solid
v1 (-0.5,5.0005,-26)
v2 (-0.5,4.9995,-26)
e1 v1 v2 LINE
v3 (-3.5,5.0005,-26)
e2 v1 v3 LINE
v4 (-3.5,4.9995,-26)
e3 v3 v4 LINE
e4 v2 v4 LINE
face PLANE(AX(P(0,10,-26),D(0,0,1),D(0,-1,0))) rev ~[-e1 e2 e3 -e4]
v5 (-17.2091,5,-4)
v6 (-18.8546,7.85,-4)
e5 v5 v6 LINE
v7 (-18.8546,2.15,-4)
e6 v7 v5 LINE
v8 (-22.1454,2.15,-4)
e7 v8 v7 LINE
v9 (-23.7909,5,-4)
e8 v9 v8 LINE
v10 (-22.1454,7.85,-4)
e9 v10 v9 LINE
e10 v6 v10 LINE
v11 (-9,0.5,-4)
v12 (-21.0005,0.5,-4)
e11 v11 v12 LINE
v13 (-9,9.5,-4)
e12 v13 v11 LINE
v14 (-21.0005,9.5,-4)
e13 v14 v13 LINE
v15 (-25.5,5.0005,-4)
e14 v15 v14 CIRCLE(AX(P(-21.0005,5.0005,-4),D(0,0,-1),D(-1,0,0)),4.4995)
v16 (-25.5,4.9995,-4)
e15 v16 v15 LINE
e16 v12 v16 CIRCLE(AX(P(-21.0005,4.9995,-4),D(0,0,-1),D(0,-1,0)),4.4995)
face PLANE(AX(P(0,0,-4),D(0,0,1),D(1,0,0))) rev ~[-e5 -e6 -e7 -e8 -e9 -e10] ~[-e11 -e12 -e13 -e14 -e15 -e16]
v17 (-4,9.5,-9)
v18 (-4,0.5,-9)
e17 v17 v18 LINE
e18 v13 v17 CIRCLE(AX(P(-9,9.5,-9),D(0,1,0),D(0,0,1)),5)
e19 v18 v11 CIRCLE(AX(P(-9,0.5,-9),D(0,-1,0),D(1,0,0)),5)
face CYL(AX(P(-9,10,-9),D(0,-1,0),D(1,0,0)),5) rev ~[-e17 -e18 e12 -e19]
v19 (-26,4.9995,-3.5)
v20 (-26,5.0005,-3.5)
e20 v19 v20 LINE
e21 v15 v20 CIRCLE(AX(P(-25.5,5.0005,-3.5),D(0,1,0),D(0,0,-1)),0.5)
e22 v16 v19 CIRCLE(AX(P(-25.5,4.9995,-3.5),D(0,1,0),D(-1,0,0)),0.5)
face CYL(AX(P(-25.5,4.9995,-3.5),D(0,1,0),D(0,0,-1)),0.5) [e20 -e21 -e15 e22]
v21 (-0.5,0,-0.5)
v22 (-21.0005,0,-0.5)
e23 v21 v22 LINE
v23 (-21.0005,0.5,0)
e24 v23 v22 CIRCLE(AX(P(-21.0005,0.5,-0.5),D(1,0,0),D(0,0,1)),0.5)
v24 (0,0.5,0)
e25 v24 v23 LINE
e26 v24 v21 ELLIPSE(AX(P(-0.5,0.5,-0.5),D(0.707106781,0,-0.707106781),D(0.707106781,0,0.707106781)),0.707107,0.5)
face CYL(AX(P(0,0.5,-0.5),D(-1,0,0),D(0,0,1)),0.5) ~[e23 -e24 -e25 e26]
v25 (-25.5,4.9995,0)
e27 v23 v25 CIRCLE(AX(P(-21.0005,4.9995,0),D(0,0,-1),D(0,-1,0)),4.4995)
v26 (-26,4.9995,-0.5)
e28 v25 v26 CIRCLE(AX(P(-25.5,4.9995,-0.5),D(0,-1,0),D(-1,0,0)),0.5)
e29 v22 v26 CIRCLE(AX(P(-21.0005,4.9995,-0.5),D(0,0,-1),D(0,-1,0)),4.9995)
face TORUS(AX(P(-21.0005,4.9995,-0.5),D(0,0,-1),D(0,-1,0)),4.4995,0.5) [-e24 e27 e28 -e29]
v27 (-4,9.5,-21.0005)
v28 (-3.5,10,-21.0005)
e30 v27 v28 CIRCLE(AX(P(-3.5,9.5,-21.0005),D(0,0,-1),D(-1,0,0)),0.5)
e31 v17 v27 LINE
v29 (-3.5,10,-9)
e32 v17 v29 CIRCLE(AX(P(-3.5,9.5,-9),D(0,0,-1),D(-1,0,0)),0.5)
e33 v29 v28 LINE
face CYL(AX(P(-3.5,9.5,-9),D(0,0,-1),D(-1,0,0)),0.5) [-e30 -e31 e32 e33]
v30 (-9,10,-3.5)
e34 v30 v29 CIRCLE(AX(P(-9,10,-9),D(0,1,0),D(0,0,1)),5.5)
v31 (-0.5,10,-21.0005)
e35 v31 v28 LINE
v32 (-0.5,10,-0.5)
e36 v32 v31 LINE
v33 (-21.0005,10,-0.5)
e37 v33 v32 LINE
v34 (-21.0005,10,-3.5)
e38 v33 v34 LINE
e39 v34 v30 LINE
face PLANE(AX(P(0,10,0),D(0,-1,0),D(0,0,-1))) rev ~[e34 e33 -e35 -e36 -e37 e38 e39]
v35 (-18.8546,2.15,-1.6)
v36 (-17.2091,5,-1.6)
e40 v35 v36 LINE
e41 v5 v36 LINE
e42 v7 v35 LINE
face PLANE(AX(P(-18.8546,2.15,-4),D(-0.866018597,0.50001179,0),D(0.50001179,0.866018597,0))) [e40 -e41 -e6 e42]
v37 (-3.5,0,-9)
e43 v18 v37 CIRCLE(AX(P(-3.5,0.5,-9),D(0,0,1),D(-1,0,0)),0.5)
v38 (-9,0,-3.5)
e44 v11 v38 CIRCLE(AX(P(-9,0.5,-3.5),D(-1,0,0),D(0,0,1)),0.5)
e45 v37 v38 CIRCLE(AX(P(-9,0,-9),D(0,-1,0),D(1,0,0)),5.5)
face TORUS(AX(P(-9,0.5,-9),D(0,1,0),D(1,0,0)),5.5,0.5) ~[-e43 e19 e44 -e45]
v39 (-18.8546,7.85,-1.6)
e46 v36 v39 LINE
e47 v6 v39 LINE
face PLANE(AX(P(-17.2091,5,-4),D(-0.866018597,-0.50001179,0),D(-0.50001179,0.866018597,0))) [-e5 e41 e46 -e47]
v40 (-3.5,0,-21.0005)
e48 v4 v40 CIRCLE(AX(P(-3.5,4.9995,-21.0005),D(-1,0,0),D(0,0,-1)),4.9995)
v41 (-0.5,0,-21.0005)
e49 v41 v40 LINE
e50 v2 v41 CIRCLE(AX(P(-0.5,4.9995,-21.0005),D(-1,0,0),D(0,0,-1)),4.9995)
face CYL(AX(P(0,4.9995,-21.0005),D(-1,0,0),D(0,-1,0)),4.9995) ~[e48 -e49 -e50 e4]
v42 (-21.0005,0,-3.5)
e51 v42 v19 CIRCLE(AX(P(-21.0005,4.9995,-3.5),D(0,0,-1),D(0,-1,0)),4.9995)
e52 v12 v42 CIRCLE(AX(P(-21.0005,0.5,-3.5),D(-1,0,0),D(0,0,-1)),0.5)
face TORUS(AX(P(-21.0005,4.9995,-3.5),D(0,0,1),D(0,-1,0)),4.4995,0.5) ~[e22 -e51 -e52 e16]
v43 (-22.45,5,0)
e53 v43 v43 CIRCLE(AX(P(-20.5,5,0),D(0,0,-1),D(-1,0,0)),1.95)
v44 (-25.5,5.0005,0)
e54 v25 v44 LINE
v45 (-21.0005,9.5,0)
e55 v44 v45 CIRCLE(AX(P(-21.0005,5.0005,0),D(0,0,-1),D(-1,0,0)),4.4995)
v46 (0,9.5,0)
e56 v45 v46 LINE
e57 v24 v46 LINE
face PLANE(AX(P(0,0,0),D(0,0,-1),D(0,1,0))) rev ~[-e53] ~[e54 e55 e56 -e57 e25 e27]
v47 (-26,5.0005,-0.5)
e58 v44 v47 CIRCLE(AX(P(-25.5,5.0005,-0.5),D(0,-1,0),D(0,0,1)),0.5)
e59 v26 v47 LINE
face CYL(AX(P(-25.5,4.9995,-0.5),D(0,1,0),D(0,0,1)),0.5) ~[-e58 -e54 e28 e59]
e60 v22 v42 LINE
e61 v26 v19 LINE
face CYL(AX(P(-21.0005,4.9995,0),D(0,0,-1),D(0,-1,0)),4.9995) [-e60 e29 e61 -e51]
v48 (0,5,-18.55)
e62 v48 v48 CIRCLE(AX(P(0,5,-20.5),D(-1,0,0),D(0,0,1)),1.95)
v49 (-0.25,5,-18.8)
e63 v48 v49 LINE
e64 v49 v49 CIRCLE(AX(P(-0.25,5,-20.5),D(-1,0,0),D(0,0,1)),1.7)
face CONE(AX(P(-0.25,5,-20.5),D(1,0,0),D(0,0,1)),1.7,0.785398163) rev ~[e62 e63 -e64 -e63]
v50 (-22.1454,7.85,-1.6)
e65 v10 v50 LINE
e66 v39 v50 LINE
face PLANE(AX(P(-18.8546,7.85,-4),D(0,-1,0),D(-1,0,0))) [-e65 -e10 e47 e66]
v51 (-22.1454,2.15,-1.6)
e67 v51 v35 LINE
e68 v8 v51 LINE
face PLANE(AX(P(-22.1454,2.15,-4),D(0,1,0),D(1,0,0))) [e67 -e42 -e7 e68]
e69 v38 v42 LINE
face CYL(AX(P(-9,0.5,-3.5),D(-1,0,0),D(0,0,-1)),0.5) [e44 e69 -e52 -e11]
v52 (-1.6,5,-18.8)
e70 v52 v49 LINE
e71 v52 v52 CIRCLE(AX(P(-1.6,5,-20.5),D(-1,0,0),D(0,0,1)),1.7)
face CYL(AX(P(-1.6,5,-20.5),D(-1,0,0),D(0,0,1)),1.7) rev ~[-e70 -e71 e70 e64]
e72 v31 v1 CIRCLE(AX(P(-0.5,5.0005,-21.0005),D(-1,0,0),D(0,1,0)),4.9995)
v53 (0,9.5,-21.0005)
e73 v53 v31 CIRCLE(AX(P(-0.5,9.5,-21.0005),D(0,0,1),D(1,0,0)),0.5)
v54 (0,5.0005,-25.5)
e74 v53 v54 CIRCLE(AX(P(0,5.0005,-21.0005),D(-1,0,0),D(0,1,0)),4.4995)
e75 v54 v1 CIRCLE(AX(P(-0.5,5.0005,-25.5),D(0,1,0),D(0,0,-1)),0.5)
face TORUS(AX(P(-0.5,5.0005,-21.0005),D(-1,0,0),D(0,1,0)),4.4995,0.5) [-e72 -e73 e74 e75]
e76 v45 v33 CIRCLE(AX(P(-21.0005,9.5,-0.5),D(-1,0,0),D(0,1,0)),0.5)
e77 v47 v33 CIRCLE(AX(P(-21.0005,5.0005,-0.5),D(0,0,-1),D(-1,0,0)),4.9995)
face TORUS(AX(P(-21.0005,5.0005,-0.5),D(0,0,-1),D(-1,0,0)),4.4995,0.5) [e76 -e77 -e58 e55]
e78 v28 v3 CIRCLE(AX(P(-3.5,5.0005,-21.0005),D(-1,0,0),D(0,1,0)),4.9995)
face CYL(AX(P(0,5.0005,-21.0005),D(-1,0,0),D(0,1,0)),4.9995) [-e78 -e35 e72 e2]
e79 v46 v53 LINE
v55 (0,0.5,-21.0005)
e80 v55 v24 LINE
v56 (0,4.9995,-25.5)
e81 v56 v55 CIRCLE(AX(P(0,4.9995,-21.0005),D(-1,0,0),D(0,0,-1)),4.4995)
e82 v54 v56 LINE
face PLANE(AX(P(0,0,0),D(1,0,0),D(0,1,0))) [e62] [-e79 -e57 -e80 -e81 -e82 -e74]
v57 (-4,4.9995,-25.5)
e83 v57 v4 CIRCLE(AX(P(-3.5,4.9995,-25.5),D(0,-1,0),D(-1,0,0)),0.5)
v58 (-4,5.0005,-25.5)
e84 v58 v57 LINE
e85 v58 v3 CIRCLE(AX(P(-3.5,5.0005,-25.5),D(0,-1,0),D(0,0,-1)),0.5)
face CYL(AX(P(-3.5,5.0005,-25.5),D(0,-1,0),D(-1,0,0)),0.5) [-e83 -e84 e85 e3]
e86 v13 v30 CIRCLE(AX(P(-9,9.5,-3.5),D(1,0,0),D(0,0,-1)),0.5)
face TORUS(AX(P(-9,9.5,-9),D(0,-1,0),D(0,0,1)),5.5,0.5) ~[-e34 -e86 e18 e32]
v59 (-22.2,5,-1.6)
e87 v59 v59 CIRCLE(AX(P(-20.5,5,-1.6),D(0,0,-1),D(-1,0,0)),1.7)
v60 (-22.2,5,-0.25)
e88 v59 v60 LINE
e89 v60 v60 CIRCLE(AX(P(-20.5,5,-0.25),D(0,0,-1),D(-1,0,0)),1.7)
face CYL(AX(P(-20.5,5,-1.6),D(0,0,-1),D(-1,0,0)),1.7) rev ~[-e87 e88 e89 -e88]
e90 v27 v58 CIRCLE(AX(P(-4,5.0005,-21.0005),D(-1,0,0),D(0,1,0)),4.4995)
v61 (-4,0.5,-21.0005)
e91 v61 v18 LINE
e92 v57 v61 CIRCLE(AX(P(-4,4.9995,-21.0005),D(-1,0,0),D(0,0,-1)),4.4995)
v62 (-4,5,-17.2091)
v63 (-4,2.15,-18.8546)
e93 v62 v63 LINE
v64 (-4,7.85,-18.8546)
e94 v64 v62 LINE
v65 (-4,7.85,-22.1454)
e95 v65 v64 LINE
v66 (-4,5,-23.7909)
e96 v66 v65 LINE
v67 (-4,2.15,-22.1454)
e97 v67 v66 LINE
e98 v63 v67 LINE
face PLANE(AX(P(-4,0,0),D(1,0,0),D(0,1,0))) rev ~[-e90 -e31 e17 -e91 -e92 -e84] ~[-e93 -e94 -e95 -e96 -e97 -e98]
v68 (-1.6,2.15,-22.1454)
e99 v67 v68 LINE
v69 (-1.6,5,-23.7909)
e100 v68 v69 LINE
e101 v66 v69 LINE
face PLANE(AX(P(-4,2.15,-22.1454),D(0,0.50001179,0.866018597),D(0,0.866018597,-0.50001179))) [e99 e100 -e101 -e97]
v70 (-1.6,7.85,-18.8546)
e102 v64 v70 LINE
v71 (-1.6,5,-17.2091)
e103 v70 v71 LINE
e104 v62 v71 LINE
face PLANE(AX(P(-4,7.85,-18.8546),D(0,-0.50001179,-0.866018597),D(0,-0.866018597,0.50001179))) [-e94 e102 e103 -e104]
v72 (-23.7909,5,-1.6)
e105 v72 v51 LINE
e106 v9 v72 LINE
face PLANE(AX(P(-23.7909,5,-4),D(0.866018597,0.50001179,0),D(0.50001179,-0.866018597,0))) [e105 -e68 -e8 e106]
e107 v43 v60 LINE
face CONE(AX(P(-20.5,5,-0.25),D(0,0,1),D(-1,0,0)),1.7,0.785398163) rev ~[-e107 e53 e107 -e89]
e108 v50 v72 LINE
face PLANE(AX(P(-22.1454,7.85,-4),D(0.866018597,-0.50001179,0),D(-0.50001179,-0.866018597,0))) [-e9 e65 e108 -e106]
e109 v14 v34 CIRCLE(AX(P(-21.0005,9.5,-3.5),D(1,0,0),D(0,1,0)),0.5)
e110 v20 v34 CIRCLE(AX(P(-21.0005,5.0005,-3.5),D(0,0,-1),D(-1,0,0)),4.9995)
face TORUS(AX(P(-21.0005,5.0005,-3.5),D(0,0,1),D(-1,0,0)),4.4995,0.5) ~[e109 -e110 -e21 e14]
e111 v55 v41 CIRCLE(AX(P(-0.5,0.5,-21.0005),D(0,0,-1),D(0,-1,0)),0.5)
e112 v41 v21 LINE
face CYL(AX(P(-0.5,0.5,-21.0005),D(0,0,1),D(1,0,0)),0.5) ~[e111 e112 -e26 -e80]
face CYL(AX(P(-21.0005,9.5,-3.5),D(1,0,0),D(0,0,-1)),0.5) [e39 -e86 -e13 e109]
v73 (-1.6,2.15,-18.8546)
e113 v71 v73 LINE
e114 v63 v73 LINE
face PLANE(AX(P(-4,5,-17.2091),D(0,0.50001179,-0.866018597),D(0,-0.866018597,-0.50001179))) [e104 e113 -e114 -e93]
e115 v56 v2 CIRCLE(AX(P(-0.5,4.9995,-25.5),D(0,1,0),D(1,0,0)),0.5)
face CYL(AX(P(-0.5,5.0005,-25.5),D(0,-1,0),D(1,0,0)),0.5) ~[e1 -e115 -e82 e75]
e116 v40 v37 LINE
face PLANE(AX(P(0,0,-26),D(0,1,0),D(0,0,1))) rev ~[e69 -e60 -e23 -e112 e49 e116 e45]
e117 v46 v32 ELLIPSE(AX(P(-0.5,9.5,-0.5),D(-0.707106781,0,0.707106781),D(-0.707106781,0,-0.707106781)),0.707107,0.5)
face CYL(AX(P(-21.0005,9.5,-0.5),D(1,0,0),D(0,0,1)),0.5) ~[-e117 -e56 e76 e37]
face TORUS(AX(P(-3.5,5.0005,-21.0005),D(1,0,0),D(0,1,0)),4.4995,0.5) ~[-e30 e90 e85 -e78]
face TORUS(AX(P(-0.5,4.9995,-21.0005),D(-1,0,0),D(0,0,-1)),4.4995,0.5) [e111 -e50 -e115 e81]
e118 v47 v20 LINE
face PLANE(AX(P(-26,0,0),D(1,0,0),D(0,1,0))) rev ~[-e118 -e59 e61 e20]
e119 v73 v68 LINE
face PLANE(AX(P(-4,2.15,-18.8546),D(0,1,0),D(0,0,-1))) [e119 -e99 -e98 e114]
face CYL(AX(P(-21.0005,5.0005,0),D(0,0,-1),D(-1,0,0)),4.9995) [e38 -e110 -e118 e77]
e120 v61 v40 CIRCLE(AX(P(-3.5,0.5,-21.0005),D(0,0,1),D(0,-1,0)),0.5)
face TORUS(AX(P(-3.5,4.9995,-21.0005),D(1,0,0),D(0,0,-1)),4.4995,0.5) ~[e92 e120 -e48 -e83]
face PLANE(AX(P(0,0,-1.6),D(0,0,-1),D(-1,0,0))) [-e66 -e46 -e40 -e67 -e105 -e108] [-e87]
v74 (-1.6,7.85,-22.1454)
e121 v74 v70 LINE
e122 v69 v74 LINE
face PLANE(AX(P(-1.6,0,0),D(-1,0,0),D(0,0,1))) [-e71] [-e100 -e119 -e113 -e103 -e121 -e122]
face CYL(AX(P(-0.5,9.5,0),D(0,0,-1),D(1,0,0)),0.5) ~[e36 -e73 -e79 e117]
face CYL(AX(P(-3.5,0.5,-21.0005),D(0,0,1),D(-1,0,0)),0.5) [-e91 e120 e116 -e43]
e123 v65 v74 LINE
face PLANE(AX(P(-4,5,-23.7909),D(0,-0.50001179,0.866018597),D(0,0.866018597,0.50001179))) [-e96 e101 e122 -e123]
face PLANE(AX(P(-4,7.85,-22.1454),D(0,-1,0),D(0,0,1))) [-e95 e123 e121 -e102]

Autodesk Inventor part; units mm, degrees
ref_plane "YZ Plane" through (0, 0, 0) normal (1, 0, 0) x (0, 1, 0)
ref_plane "XZ Plane" through (0, 0, 0) normal (0, 1, 0) x (-1, 0, 0)
ref_plane "XY Plane" through (0, 0, 0) normal (0, 0, 1) x (1, 0, 0)
sketch "Sketch1" plane through (0, 0, 0) normal (1, 0, 0) x (0, 1, 0)
  line L0 (0, 0) -> (10, 0)
  line L1 (10, 0) -> (10, -26)
  line L2 (10, -26) -> (0, -26)
  line L3 (0, -26) -> (0, 0)
  dimension "d0" = 10
  dimension "d1" = 26
extrude "Extrusion1" add sketch "Sketch1" against normal blind 4
sketch "Sketch2" plane through (0, 0, 0) normal (0, 0, 1) x (1, 0, 0)
  line L0 (0, 0) -> (-4, 0) projected
  line L1 (0, 0) -> (-26, 0)
  line L2 (-26, 0) -> (-26, 10)
  line L3 (-26, 10) -> (0, 10)
  line L4 (0, 10) -> (0, 0)
  line L5 (0, 10) -> (0, 0) projected
  point P0 (-4, 0)
  dimension "d4" = 26
extrude "Extrusion2" add sketch "Sketch2" against normal blind 4
sketch "Sketch3" plane through (-4, 0, 0) normal (-1, 0, 0) x (0, 0, 1)
  line L0 (-18.8546, 2.15) -> (-22.1454, 2.15)
  line L1 (-22.1454, 2.15) -> (-23.7909, 5)
  line L2 (-23.7909, 5) -> (-22.1454, 7.85)
  line L3 (-22.1454, 7.85) -> (-18.8546, 7.85)
  line L4 (-18.8546, 7.85) -> (-17.2091, 5)
  line L5 (-17.2091, 5) -> (-18.8546, 2.15)
  line L6 (-26, 10) -> (-26, 0) projected
  point P0 (0, 0)
  point P1 (-20.5, 5)
  point P2 (-26, 5)
  dimension "d7" = 5.7
  dimension "d8" = 5.5
extrude "Extrusion3" cut sketch "Sketch3" against normal blind 2.4
sketch "Sketch4" plane through (-1.6, 0, 0) normal (-1, 0, 0) x (0, 0, 1)
  line L0 (-18.8546, 7.85) -> (-17.2091, 5) projected
  line L1 (-22.1454, 7.85) -> (-18.8546, 7.85) projected
  line L2 (-23.7909, 5) -> (-22.1454, 7.85) projected
  line L3 (-22.1454, 2.15) -> (-23.7909, 5) projected
  line L4 (-18.8546, 2.15) -> (-22.1454, 2.15) projected
  line L5 (-17.2091, 5) -> (-18.8546, 2.15) projected
  circle A0 centre (-20.5, 5) radius 1.7
  point P0 (0, 0)
  dimension "d11" = 3.4
extrude "Extrusion4" cut sketch "Sketch4" against normal up to surface (1.6 mm away) contours A0
sketch "Sketch5" plane through (0, 0, -4) normal (0, 0, -1) x (-1, 0, 0)
  line L0 (22.1454, 2.15) -> (18.8546, 2.15)
  line L1 (18.8546, 2.15) -> (17.2091, 5)
  line L2 (17.2091, 5) -> (18.8546, 7.85)
  line L3 (18.8546, 7.85) -> (22.1454, 7.85)
  line L4 (22.1454, 7.85) -> (23.7909, 5)
  line L5 (23.7909, 5) -> (22.1454, 2.15)
  line L6 (26, 0) -> (26, 10) projected
  point P0 (0, 0)
  point P1 (20.5, 5)
  point P2 (26, 5)
  dimension "d14" = 5.7
  dimension "d15" = 5.5
extrude "Extrusion5" cut sketch "Sketch5" against normal blind 2.4
sketch "Sketch6" plane through (0, 0, -1.6) normal (0, 0, -1) x (-1, 0, 0)
  circle A0 centre (20.5, 5) radius 1.7
  point P0 (0, 0)
  dimension "d18" = 3.4
extrude "Extrusion6" cut sketch "Sketch6" against normal up to surface (1.6 mm away)
fillet "Fillet1" radius 5 4 edges at (-2, 10, -26) (-2, 0, -26) (-26, 10, -2) (-26, 0, -2)
fillet "Fillet2" radius 5 1 edges at (-4, 5, -4)
fillet "Fillet3" radius 0.5 13 edges at (-4, 10, -15.0003) (-4, 8.5357, -24.5357) (-4, 0, -15.0003) (-5.4645, 0, -5.4645) (-24.5357, 8.5357, -4) (-15.0002, 10, -4) (-5.4645, 10, -5.4645) (0, 8.5357, -24.5357) (0, 0, -10.5003) (0, 10, -10.5003) (-24.5357, 8.5357, 0) (-10.5002, 0, 0) (-10.5002, 10, 0)
chamfer "Chamfer1" distance 0.25 angle 45 2 edges at (0, 5, -22.2) (-18.8, 5, 0)
properties part number "BoxBracket"
